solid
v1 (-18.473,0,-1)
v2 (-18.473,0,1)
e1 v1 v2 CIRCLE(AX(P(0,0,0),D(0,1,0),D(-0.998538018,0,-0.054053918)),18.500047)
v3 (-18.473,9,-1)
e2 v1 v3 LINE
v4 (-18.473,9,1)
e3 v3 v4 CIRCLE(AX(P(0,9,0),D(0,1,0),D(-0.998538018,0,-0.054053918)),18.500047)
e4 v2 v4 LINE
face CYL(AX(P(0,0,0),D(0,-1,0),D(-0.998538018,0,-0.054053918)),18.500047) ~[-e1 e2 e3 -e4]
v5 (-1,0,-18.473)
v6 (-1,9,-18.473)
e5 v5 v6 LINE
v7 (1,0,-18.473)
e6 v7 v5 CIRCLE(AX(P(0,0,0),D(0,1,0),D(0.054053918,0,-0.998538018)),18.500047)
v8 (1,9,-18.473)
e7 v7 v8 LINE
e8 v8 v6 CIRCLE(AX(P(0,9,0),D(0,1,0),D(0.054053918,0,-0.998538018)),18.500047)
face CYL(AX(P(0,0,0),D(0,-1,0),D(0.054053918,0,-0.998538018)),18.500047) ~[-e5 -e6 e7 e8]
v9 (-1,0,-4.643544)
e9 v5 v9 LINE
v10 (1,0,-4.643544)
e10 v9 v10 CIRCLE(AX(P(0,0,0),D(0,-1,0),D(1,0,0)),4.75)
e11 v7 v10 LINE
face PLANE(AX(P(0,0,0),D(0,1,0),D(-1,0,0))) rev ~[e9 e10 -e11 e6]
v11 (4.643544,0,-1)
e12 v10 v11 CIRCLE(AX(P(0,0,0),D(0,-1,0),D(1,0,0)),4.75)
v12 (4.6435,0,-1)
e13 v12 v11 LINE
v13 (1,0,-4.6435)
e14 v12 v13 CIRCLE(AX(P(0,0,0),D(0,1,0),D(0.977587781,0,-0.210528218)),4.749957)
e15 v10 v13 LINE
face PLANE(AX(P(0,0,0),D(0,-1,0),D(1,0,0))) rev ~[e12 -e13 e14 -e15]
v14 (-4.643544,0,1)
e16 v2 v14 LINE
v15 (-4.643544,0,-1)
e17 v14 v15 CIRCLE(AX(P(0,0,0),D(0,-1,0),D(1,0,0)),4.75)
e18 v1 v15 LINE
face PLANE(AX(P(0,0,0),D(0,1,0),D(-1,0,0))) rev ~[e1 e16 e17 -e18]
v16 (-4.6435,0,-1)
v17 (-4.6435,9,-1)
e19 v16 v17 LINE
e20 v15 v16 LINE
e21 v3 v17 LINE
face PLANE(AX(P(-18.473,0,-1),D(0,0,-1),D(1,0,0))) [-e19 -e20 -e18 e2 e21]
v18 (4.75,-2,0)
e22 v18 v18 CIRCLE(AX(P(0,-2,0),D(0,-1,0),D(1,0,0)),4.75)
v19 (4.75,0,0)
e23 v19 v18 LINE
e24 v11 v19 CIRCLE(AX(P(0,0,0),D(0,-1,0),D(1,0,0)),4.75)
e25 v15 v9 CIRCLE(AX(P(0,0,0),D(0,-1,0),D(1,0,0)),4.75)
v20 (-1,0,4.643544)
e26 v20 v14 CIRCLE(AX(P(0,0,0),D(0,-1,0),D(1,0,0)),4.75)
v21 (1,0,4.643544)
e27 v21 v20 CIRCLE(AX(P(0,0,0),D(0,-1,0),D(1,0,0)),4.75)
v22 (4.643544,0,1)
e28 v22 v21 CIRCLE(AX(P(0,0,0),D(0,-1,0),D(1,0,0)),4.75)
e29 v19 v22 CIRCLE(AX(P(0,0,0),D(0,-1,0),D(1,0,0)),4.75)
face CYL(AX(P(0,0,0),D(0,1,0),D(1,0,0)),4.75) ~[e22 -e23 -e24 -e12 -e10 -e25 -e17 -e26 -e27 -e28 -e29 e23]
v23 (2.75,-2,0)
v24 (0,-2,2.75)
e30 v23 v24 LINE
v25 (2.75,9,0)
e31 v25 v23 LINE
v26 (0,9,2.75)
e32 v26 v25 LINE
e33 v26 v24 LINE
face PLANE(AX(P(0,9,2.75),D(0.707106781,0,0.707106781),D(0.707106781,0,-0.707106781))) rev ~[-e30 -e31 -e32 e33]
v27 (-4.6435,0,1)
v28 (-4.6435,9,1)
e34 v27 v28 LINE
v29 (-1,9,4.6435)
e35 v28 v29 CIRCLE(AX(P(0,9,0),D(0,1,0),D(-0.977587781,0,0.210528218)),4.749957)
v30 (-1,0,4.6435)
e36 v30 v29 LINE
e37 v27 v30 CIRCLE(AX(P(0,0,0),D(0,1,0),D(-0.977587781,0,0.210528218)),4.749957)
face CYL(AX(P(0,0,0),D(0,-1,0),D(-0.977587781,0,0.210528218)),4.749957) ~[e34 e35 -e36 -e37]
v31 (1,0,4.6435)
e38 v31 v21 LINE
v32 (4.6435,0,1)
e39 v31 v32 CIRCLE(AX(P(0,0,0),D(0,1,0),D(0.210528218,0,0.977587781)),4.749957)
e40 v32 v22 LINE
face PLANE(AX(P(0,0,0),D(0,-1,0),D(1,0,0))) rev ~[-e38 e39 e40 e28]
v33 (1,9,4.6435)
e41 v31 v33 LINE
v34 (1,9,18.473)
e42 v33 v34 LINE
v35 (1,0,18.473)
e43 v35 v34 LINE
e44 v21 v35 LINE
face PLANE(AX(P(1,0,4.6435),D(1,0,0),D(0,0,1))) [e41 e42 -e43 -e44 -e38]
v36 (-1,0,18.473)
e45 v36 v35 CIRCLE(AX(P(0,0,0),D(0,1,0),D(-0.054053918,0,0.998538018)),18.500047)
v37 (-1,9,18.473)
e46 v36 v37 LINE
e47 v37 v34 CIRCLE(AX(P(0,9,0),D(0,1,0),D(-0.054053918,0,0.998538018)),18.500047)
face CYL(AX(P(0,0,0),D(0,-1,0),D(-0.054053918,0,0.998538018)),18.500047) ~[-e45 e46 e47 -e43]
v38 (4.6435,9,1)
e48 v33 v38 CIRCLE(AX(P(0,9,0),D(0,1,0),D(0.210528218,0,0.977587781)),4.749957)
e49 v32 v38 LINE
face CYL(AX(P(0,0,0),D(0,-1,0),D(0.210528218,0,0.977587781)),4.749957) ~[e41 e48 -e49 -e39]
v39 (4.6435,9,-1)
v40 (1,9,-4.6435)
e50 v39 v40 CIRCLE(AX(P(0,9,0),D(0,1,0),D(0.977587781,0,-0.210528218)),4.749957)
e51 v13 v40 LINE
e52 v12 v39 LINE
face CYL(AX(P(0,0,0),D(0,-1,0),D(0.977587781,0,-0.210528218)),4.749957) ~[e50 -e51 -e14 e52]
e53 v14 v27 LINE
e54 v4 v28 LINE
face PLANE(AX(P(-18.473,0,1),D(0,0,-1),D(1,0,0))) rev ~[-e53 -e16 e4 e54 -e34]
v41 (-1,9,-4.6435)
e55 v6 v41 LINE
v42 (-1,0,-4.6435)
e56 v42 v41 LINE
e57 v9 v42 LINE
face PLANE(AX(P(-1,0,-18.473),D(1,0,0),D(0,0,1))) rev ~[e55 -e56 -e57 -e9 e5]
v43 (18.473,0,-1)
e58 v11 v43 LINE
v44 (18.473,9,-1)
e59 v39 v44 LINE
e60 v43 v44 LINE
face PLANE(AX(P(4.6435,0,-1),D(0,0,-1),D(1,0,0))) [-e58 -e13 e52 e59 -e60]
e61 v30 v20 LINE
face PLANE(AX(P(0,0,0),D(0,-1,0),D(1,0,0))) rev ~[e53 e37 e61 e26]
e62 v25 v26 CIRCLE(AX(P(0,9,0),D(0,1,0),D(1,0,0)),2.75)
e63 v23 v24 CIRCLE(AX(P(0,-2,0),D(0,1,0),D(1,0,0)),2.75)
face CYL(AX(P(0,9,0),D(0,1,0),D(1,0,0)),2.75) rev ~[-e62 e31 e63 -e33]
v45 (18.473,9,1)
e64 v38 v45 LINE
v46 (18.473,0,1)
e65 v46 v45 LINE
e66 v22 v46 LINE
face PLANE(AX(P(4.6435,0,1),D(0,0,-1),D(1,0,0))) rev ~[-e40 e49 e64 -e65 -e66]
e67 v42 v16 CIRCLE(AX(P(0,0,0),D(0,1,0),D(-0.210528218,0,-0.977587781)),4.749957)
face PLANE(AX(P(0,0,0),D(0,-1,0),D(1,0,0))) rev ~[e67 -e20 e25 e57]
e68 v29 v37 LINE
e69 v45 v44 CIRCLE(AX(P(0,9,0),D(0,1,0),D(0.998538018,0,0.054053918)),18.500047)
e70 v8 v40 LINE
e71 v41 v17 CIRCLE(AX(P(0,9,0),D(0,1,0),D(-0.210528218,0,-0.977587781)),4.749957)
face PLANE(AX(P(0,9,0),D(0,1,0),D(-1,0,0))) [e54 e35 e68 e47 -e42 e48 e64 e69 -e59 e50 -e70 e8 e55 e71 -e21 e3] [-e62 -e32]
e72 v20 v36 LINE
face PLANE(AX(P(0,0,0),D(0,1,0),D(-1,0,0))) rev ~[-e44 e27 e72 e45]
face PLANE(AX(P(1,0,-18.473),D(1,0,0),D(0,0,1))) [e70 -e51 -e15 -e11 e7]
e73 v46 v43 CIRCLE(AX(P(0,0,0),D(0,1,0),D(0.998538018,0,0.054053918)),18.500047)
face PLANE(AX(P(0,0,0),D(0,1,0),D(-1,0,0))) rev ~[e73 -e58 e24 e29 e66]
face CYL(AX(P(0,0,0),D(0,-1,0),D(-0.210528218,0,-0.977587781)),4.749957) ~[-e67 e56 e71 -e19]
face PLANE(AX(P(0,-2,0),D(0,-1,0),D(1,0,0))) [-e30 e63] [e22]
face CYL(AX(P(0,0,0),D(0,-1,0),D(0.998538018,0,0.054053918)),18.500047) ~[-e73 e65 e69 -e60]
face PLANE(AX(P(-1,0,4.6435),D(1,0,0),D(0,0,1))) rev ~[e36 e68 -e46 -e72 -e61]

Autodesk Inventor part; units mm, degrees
ref_plane "YZ Plane" through (0, 0, 0) normal (1, 0, 0) x (0, 1, 0)
ref_plane "XZ Plane" through (0, 0, 0) normal (0, 1, 0) x (-1, 0, 0)
ref_plane "XY Plane" through (0, 0, 0) normal (0, 0, 1) x (1, 0, 0)
sketch "Sketch1" plane through (0, 0, 0) normal (0, 1, 0) x (-1, 0, 0)
  line L0 (1, -18.473) -> (1, -4.6435)
  line L1 (1, 4.6435) -> (1, 18.473)
  line L2 (-1, -18.473) -> (-1, -4.6435)
  line L3 (-1, 4.6435) -> (-1, 18.473)
  line L4 (18.473, 1) -> (4.6435, 1)
  line L5 (-4.6435, 1) -> (-18.473, 1)
  line L6 (18.473, -1) -> (4.6435, -1)
  line L7 (-4.6435, -1) -> (-18.473, -1)
  arc A0 (-18.473, 1) -> (-18.473, -1) centre (0, 0) ccw
  arc A1 (-1, -18.473) -> (1, -18.473) centre (0, 0) ccw
  arc A2 (18.473, -1) -> (18.473, 1) centre (0, 0) ccw
  arc A3 (1, 18.473) -> (-1, 18.473) centre (0, 0) ccw
  arc A4 (4.6435, 1) -> (1, 4.6435) centre (0, 0) ccw
  arc A5 (-1, 4.6435) -> (-4.6435, 1) centre (0, 0) ccw
  arc A6 (-4.6435, -1) -> (-1, -4.6435) centre (0, 0) ccw
  arc A7 (1, -4.6435) -> (4.6435, -1) centre (0, 0) ccw
  point P0 (1, -4.899)
  point P1 (1, 4.899)
  point P2 (4.899, -1)
  point P3 (-1, 4.899)
  point P4 (4.899, 1)
  point P5 (-4.899, 1)
  point P6 (-4.899, -1)
  point P7 (-1, -4.899)
  point P8 (-18.9737, -1)
  point P9 (-1, -18.9737)
  point P10 (1, -18.9737)
  point P11 (18.9737, -1)
  point P12 (18.9737, 1)
  point P13 (1, 18.9737)
  point P14 (-1, 18.9737)
  point P15 (-18.9737, 1)
  point P16 (17.4714, 1)
  point P17 (1, 17.4714)
  point P18 (-1, 17.4714)
  point P19 (-17.4714, 1)
  point P20 (-17.4714, -1)
  point P21 (-1, -17.4714)
  point P22 (1, -17.4714)
  point P23 (17.4714, -1)
extrude "Extrusion1" add sketch "Sketch1" along normal blind 9
sketch "Sketch2" plane through (0, 0, 0) normal (0, -1, 0) x (1, 0, 0)
  circle A0 centre (0, 0) radius 4.75
  dimension "d11" = 9.5
extrude "Extrusion2" add sketch "Sketch2" along normal blind 2
sketch "Sketch3" plane through (0, 9, 0) normal (0, 1, 0) x (1, 0, 0)
  arc A0 (2.75, 0) -> (0, -2.75) centre (0, 0) ccw
  line L0 (0, -2.75) -> (2.75, 0)
  dimension "d6" = 5.5
extrude "Extrusion3" cut sketch "Sketch3" against normal through all
properties part number "wheel of the walls"
